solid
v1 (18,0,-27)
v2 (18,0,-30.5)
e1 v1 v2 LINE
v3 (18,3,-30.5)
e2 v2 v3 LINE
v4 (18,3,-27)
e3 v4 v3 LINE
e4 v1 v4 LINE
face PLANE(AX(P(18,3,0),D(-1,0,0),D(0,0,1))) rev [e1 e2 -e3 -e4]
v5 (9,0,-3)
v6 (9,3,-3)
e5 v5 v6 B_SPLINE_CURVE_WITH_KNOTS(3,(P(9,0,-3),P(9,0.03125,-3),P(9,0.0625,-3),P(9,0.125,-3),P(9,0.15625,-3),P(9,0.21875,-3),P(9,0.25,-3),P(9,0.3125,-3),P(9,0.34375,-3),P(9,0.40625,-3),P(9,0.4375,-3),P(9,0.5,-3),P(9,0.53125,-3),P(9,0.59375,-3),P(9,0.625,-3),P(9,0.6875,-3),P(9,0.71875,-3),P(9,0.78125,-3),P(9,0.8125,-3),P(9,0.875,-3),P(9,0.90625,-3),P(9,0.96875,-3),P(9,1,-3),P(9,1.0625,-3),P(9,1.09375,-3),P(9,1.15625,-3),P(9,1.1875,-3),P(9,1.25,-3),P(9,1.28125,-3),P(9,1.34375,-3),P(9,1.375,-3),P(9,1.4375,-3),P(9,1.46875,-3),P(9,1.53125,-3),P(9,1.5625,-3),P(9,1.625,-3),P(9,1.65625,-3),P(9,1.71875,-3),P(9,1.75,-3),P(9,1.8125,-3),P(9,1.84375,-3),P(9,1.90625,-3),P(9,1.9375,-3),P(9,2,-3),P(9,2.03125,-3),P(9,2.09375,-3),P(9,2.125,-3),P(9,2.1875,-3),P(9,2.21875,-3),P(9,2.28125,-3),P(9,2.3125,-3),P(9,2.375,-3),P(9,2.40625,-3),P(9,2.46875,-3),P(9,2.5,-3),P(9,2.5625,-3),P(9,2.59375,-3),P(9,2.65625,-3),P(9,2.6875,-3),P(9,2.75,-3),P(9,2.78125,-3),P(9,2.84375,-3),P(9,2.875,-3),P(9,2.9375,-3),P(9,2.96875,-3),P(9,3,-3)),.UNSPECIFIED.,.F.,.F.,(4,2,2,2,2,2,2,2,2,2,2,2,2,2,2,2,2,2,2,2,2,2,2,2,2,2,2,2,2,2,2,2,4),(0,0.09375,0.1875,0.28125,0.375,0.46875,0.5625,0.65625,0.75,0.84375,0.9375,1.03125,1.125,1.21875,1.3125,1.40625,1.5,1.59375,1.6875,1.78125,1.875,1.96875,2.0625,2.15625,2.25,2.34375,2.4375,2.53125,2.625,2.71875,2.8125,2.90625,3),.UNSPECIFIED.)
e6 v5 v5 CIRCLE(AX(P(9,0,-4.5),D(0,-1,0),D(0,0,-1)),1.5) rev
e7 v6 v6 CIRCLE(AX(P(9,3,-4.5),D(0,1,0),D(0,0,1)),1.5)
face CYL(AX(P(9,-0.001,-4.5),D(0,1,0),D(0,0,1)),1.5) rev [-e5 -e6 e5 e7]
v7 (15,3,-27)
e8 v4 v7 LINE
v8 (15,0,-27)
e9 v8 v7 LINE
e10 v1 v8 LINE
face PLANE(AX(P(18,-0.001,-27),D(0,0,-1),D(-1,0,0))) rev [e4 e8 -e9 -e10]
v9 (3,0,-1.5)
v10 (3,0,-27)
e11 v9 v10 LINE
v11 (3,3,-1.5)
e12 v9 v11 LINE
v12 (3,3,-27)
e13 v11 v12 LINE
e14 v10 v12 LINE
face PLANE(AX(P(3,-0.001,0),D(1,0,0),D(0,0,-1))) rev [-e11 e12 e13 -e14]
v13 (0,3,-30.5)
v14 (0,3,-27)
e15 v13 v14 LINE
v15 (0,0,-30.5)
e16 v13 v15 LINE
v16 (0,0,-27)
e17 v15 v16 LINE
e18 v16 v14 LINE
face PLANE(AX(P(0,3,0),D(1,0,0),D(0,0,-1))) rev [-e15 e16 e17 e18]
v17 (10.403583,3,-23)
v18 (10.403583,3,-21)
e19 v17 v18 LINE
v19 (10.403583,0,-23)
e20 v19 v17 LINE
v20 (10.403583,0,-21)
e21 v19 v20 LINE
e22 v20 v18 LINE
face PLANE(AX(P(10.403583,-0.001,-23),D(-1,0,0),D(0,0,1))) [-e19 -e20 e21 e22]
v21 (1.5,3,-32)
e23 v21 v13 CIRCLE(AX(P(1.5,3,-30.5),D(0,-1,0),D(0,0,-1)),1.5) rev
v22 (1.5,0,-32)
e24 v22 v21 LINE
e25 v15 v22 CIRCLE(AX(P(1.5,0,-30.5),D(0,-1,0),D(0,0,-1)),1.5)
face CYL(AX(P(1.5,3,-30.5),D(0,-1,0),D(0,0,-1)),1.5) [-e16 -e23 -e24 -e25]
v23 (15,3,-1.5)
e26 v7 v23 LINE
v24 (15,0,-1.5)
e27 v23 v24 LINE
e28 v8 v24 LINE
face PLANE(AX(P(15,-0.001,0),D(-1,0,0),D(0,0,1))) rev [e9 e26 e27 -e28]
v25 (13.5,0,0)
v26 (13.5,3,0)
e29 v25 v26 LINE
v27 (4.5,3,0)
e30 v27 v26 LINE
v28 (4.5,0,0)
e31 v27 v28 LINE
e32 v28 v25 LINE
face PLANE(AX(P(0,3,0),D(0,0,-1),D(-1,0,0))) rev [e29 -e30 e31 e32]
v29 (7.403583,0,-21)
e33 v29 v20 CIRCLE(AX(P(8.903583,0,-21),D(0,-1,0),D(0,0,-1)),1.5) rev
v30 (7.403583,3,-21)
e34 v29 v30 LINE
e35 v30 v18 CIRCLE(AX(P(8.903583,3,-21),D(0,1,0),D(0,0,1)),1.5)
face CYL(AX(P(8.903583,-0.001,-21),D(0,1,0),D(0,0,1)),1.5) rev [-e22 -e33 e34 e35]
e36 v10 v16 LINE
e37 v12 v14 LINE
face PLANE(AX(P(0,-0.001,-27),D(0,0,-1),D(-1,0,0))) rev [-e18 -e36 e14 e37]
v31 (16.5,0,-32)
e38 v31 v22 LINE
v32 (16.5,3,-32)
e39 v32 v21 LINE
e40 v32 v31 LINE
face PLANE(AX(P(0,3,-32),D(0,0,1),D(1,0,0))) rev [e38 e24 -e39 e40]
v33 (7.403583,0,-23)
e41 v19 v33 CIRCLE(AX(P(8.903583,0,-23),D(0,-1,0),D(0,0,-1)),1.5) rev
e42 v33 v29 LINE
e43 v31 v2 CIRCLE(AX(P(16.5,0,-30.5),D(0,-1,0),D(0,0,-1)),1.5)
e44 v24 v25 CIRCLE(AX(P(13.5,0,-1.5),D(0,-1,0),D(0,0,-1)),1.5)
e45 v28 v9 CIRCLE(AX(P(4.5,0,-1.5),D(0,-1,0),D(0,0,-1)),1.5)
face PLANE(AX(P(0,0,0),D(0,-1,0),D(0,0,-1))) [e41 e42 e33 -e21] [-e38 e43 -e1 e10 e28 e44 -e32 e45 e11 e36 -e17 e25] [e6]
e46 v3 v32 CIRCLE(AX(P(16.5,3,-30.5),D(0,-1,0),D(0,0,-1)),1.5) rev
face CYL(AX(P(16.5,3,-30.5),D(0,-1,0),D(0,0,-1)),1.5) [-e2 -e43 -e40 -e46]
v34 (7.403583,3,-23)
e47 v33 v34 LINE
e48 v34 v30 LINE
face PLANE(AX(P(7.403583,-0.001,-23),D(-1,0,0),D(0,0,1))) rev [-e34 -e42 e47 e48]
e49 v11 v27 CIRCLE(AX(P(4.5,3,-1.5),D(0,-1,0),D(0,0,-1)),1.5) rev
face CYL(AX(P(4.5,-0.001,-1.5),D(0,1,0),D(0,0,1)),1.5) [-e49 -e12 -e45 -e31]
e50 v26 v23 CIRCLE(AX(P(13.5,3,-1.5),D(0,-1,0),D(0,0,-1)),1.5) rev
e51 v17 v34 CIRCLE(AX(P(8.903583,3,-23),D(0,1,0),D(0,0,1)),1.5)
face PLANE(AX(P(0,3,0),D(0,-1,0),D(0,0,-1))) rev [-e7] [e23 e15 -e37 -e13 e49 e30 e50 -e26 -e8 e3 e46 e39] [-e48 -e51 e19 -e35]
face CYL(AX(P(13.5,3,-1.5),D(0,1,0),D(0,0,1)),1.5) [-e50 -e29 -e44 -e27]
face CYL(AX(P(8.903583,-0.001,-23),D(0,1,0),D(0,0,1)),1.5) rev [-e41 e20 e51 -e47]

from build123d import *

# Parameters (mm, degrees)
ESQUISSE1_W             = 18
ESQUISSE1_H             = 32
BOSS_EXTRU_1_DEPTH      = 3
ENL_V_MAT_EXTRU_1_REACH = 38.837
ESQUISSE2_W             = 3
ESQUISSE2_H             = 27
ENL_V_MAT_EXTRU_2_REACH = 38.837
ESQUISSE3_W             = 3
ESQUISSE3_H             = 27
ENL_V_MAT_EXTRU_3_REACH = 38.837
ESQUISSE4_R             = 1.5
CONG_1_R                = 1.5
CONG_2_R                = 1.5
ENL_V_MAT_EXTRU_4_REACH = 38.837


with BuildPart() as part:
    # Esquisse1 → Boss.-Extru.1 (new body)
    with BuildSketch(Plane(origin=(0, 0, 0), x_dir=(1, 0, 0), z_dir=(0, 1, 0))):
        with Locations((9, 16)):
            Rectangle(ESQUISSE1_W, ESQUISSE1_H)
    extrude(amount=BOSS_EXTRU_1_DEPTH)

    # Esquisse2 → Enlèv. mat.-Extru.1 (cut, up to next)
    with BuildSketch(Plane(origin=(0, 3, 0), x_dir=(1, 0, 0), z_dir=(0, 1, 0)), mode=Mode.PRIVATE) as enl_v_mat_extru_1_sk1:
        with Locations((1.5, 13.5)):
            Rectangle(ESQUISSE2_W, ESQUISSE2_H)
    enl_v_mat_extru_1_tool1 = extrude(enl_v_mat_extru_1_sk1.sketch, amount=-ENL_V_MAT_EXTRU_1_REACH, mode=Mode.PRIVATE) & part.part
    add(enl_v_mat_extru_1_tool1.solids().sort_by_distance((1.5, 3, -13.5))[0], mode=Mode.SUBTRACT)

    # Esquisse3 → Enlèv. mat.-Extru.2 (cut, up to next)
    with BuildSketch(Plane(origin=(0, 3, 0), x_dir=(1, 0, 0), z_dir=(0, 1, 0)), mode=Mode.PRIVATE) as enl_v_mat_extru_2_sk1:
        with Locations((16.5, 13.5)):
            Rectangle(ESQUISSE3_W, ESQUISSE3_H)
    enl_v_mat_extru_2_tool1 = extrude(enl_v_mat_extru_2_sk1.sketch, amount=-ENL_V_MAT_EXTRU_2_REACH, mode=Mode.PRIVATE) & part.part
    add(enl_v_mat_extru_2_tool1.solids().sort_by_distance((16.5, 3, -13.5))[0], mode=Mode.SUBTRACT)

    # Esquisse4 → Enlèv. mat.-Extru.3 (cut, up to next)
    with BuildSketch(Plane(origin=(0, 3, 0), x_dir=(1, 0, 0), z_dir=(0, 1, 0)), mode=Mode.PRIVATE) as enl_v_mat_extru_3_sk1:
        with Locations(Location((9, 4.5, 0), (0, 0, 270))):
            Circle(ESQUISSE4_R)
    enl_v_mat_extru_3_tool1 = extrude(enl_v_mat_extru_3_sk1.sketch, amount=-ENL_V_MAT_EXTRU_3_REACH, mode=Mode.PRIVATE) & part.part
    add(enl_v_mat_extru_3_tool1.solids().sort_by_distance((9, 3, -4.5))[0], mode=Mode.SUBTRACT)

    # Congé1
    cong_1_edges = [part.edges().sort_by_distance(p)[0] for p in [
        (0, 1.5, -32),
        (18, 1.5, -32),
    ]]
    fillet(cong_1_edges, radius=CONG_1_R)

    # Congé2
    cong_2_edges = [part.edges().sort_by_distance(p)[0] for p in [
        (3, 1.5, 0),
        (15, 1.5, 0),
    ]]
    fillet(cong_2_edges, radius=CONG_2_R)

    # Esquisse5 → Enlèv. mat.-Extru.4 (cut, up to next)
    with BuildSketch(Plane(origin=(0, 3, 0), x_dir=(1, 0, 0), z_dir=(0, 1, 0)), mode=Mode.PRIVATE) as enl_v_mat_extru_4_sk1:
        with BuildLine():
            Line((10.403583012, 23), (10.403583012, 21))
            ThreePointArc((10.403583012, 21), (8.903583012, 19.5), (7.403583012, 21))
            Line((7.403583012, 21), (7.403583012, 23))
            ThreePointArc((7.403583012, 23), (8.903583012, 24.5), (10.403583012, 23))
        make_face()
    enl_v_mat_extru_4_tool1 = extrude(enl_v_mat_extru_4_sk1.sketch, amount=-ENL_V_MAT_EXTRU_4_REACH, mode=Mode.PRIVATE) & part.part
    add(enl_v_mat_extru_4_tool1.solids().sort_by_distance((8.903583, 3, -22))[0], mode=Mode.SUBTRACT)


solid = part.part
